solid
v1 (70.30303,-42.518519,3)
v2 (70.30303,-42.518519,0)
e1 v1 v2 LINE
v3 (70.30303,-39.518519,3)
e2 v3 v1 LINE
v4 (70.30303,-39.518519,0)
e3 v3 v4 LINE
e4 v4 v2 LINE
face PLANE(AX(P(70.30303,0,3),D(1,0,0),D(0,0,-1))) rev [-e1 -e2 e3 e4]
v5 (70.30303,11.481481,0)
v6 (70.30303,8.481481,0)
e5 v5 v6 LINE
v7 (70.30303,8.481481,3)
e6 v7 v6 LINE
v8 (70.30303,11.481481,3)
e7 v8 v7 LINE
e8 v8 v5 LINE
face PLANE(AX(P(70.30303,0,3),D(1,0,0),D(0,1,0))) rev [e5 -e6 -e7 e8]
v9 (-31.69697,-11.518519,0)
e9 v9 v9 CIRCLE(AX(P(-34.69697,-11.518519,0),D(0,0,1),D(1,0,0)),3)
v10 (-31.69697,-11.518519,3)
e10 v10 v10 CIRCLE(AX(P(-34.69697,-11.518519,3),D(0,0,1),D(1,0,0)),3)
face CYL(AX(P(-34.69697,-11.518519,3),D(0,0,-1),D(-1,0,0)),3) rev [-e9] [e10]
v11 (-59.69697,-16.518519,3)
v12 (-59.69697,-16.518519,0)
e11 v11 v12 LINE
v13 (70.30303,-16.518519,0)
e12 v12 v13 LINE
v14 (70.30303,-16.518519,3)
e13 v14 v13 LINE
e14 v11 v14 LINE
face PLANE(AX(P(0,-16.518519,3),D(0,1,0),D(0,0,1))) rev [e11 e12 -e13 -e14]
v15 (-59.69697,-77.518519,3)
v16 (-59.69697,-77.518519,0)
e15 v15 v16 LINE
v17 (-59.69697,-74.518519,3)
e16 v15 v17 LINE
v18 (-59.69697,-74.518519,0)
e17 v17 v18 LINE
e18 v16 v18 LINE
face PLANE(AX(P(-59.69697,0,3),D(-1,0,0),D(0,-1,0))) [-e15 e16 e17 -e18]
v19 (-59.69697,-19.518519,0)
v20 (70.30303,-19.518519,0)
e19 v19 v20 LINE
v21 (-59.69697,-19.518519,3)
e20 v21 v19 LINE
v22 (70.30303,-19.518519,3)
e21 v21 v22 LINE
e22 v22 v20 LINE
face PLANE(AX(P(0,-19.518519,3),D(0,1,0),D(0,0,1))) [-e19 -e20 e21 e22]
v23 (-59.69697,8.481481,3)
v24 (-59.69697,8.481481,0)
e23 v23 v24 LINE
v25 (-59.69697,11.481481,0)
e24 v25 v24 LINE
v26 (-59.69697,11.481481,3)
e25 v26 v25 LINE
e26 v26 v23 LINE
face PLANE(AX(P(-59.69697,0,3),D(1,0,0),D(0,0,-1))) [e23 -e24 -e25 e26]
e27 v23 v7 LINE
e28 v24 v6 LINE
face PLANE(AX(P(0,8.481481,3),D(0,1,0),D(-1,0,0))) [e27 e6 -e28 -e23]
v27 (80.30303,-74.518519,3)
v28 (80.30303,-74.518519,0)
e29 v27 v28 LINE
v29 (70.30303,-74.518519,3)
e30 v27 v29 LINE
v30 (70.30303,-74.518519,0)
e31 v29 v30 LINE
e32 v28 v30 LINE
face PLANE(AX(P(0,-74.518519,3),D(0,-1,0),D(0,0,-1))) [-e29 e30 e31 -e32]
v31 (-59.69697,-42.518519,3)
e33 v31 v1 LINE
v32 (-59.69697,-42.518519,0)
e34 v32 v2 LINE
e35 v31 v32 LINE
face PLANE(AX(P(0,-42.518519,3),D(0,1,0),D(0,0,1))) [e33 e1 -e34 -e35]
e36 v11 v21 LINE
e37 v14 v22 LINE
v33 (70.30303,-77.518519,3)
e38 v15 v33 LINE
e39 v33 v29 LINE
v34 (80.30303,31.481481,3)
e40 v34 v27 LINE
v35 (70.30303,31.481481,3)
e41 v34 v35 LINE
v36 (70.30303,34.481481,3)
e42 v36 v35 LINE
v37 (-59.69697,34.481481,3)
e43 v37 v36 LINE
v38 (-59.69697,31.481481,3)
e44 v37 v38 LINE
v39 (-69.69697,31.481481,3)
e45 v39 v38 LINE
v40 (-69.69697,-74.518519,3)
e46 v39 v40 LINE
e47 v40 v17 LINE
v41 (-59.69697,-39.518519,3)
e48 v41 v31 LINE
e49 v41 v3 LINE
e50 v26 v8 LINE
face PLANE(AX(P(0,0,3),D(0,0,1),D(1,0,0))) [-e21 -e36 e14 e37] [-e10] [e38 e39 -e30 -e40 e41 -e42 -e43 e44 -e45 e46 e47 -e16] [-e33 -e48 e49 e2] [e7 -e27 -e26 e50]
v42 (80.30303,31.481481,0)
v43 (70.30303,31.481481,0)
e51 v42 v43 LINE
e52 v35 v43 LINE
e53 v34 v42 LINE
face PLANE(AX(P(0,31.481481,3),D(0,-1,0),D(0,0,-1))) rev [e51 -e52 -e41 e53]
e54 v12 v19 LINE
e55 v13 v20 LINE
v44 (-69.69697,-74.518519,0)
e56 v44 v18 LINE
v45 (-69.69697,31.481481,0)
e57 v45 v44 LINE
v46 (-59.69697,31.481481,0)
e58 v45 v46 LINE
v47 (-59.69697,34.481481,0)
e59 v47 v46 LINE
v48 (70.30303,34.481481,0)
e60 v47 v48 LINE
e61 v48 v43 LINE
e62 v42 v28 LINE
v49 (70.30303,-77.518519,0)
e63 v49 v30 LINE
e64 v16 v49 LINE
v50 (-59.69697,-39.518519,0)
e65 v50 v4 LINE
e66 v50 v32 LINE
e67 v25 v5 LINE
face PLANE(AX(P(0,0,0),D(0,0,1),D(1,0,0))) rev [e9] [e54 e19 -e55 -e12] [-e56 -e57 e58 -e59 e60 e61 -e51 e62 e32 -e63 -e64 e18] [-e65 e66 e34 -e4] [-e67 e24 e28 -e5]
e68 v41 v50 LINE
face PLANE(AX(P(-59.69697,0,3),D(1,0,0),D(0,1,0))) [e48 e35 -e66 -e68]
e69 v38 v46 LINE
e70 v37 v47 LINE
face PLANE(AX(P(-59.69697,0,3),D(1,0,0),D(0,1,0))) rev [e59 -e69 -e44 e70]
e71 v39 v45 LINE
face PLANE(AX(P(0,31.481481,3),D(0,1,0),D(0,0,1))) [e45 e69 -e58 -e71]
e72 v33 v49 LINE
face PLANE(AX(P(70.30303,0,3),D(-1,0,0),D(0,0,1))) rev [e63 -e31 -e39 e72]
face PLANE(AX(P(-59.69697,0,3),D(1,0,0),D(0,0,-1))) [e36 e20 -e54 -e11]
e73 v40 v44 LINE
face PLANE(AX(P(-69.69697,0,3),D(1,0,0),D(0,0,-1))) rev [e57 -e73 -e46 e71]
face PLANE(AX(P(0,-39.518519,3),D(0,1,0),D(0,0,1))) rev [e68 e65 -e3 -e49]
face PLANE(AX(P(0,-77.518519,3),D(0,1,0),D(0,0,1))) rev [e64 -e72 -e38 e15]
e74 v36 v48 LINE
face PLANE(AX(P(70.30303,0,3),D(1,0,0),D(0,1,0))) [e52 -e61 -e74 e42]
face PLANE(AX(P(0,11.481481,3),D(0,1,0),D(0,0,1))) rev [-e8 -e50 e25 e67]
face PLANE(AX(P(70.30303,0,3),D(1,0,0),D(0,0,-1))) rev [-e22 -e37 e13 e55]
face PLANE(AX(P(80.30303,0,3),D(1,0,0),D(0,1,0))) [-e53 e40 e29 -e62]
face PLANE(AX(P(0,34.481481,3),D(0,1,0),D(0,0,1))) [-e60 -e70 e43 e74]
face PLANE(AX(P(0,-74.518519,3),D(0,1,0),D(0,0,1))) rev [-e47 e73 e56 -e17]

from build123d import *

# Parameters (mm, degrees)
SKETCH1_W           = 130
SKETCH1_H           = 3
SKETCH1_R           = 3
BOSS_EXTRUDE1_DEPTH = 3


with BuildPart() as part:
    # Sketch1 → Boss-Extrude1 (new body)
    with BuildSketch(Plane.XY):
        Polygon((70.303030303, 34.481481481), (-59.696969697, 34.481481481), (-59.696969697, 31.481481481), (-69.696969697, 31.481481481), (-69.696969697, -74.518518519), (-59.696969697, -74.518518519), (-59.696969697, -77.518518519), (70.303030303, -77.518518519), (70.303030303, -74.518518519), (80.303030303, -74.518518519), (80.303030303, 31.481481481), (70.303030303, 31.481481481), align=None)
        with Locations((5.303030303, -41.018518519)):
            Rectangle(SKETCH1_W, SKETCH1_H, mode=Mode.SUBTRACT)
        with Locations((-34.696969697, -11.518518519)):
            Circle(SKETCH1_R, mode=Mode.SUBTRACT)
        with Locations((5.303030303, -18.018518519)):
            Rectangle(SKETCH1_W, SKETCH1_H, mode=Mode.SUBTRACT)
        with Locations((5.303030303, 9.981481481)):
            Rectangle(SKETCH1_W, SKETCH1_H, mode=Mode.SUBTRACT)
    extrude(amount=BOSS_EXTRUDE1_DEPTH)


solid = part.part
